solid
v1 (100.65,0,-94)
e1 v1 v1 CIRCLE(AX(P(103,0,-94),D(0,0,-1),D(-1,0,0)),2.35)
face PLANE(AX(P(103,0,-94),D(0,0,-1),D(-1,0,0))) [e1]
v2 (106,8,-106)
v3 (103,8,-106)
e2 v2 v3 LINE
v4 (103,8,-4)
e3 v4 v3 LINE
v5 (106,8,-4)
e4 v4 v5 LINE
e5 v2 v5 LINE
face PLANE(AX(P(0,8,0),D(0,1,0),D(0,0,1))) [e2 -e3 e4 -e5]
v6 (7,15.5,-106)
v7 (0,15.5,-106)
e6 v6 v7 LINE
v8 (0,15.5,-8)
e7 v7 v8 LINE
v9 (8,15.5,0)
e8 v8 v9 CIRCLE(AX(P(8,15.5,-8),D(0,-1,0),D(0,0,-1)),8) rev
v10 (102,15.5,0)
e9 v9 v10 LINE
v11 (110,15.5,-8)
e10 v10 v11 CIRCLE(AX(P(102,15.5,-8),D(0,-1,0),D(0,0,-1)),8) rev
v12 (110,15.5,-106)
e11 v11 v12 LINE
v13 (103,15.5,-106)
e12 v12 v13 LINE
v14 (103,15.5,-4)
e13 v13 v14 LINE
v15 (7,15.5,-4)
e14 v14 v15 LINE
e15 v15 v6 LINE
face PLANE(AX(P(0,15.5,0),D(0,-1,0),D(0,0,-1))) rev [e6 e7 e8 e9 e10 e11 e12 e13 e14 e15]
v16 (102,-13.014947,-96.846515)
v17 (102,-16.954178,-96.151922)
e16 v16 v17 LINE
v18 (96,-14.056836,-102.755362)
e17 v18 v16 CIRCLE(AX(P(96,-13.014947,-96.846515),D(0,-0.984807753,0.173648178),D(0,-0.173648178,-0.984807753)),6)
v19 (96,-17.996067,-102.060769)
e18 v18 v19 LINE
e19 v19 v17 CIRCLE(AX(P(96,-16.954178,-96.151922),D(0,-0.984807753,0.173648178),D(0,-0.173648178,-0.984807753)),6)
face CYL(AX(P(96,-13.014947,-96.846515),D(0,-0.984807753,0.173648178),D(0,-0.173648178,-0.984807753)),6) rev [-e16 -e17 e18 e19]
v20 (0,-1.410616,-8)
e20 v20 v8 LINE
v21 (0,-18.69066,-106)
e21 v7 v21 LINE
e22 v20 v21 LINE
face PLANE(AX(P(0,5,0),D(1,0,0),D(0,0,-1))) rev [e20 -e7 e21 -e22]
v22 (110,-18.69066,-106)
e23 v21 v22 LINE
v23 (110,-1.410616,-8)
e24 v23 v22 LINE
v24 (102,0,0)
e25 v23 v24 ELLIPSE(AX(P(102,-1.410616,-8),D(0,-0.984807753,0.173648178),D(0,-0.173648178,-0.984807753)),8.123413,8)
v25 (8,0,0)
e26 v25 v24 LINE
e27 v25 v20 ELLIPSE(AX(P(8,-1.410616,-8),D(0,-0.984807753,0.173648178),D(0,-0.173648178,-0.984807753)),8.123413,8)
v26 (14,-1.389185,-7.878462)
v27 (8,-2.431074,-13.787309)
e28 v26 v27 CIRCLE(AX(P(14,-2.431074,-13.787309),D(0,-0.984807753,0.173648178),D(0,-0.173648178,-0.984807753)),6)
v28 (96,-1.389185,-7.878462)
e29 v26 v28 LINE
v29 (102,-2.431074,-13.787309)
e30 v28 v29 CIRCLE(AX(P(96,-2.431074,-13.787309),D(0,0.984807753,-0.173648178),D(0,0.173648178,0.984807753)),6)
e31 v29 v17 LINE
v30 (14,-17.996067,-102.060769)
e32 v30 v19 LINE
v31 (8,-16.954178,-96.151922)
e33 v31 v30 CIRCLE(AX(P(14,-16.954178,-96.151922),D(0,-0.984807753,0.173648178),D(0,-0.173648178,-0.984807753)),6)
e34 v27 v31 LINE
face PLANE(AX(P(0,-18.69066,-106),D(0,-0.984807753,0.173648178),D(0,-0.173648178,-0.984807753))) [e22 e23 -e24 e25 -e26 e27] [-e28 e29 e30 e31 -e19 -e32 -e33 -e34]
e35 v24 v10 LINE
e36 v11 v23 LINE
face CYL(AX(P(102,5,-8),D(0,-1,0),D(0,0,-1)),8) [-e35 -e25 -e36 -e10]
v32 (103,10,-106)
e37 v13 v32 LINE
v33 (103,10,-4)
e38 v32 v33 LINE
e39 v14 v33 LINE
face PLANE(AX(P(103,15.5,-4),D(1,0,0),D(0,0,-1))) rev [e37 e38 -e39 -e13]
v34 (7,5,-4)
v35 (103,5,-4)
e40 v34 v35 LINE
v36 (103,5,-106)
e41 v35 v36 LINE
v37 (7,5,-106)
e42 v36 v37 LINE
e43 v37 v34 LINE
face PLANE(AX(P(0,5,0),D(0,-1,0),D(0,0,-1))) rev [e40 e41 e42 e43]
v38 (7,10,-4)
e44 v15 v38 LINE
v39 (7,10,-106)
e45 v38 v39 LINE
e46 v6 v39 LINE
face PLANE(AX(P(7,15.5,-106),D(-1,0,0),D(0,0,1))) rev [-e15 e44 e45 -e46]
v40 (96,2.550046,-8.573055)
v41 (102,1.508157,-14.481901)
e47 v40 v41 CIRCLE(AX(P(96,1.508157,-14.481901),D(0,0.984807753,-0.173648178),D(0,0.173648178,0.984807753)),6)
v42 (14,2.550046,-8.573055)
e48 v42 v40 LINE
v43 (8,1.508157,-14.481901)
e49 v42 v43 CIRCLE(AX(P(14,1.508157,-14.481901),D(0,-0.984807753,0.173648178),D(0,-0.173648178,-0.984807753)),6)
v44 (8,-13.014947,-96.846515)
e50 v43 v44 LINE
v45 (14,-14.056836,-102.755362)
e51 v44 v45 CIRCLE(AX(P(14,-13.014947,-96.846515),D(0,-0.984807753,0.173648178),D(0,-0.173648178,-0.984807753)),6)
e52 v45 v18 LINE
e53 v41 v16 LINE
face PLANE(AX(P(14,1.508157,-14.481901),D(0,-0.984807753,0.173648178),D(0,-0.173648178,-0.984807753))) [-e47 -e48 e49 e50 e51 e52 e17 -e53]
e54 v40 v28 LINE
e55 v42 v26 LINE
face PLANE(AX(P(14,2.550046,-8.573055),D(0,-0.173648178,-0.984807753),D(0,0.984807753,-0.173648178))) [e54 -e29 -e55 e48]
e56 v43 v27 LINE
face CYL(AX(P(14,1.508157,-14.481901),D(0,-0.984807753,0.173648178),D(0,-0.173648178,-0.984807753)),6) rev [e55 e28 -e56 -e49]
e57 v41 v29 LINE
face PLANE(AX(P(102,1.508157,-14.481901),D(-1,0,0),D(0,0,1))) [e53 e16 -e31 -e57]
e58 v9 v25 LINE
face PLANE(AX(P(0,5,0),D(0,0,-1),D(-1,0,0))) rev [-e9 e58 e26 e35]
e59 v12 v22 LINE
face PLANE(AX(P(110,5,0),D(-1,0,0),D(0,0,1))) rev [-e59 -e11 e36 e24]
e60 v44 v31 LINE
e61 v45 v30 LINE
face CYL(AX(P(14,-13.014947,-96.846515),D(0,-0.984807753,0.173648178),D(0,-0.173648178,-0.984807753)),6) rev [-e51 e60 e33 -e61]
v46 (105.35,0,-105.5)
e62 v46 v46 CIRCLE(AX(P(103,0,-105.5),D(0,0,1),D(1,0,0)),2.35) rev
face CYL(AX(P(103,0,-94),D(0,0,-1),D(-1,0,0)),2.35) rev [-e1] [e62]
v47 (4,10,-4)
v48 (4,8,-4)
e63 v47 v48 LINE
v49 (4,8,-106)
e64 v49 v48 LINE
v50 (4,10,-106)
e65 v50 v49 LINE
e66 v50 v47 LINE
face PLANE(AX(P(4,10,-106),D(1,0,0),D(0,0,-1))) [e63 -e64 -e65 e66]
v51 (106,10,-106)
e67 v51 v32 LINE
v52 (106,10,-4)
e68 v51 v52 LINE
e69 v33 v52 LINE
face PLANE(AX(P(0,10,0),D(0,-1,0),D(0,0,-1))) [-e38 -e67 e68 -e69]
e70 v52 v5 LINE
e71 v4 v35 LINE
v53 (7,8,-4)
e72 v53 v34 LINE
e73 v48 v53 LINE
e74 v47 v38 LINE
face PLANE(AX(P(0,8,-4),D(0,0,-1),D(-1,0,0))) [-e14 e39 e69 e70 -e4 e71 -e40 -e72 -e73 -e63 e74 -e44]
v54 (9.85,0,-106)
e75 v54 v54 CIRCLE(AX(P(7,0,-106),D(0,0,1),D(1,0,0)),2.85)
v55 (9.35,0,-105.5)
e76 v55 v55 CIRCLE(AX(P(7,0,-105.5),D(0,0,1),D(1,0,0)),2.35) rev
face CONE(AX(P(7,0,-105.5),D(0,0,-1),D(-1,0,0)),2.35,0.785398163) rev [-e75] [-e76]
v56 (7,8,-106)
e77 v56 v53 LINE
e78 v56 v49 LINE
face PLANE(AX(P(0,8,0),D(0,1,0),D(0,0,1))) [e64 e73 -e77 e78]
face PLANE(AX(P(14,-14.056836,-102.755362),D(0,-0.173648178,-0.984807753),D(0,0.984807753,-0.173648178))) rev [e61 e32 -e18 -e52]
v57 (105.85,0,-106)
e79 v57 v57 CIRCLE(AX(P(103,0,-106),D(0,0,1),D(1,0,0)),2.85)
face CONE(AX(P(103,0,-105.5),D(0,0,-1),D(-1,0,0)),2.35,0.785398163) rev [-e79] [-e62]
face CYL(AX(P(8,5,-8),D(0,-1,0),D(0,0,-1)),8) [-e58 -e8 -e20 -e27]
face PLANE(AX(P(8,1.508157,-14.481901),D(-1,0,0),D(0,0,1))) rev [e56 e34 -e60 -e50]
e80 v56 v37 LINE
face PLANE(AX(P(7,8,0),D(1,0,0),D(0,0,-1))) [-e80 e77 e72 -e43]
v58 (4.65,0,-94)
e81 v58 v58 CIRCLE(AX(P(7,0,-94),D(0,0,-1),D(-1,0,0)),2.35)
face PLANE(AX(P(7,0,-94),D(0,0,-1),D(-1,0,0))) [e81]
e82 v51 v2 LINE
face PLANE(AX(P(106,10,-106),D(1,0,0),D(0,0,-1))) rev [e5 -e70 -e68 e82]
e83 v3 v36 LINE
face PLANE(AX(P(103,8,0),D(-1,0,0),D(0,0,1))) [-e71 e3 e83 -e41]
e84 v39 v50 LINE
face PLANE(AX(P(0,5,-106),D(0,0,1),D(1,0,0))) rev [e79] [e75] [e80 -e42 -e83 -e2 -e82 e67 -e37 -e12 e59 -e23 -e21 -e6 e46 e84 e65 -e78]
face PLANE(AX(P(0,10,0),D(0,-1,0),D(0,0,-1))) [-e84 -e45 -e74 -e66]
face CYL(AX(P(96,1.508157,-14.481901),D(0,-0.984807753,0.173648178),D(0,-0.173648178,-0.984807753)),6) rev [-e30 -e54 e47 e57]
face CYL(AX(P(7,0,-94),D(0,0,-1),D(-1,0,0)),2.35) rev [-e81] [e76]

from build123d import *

# Parameters (mm, degrees)
ESQUISSE2_W             = 110
ESQUISSE2_H             = 106
BOSS_EXTRU_3_DEPTH      = 5
BOSS_EXTRU_4_DEPTH      = 3
BOSS_EXTRU_5_DEPTH      = 2
BOSS_EXTRU_6_DEPTH      = 5.5
BOSS_EXTRU_7_DEPTH      = 110
ESQUISSE7_R             = 2.35
ENL_V_MAT_EXTRU_1_DEPTH = 12
CONG_3_R                = 8
ENL_V_MAT_EXTRU_2_DEPTH = 4
CHANFREIN1_SIZE         = 0.5


with BuildPart() as part:
    # Esquisse2 → Boss.-Extru.3 (new body)
    with BuildSketch(Plane(origin=(0, 0, 0), x_dir=(1, 0, 0), z_dir=(0, 1, 0))):
        with Locations((55, 53)):
            Rectangle(ESQUISSE2_W, ESQUISSE2_H)
    extrude(amount=BOSS_EXTRU_3_DEPTH)

    # Esquisse3 → Boss.-Extru.4 (add)
    with BuildSketch(Plane(origin=(0, 5, 0), x_dir=(1, 0, 0), z_dir=(0, 1, 0))):
        Polygon((7, 4), (7, 106), (0, 106), (0, 0), (110, 0), (110, 106), (103, 106), (103, 4), align=None)
    extrude(amount=BOSS_EXTRU_4_DEPTH)

    # Esquisse4 → Boss.-Extru.5 (add)
    with BuildSketch(Plane(origin=(0, 8, 0), x_dir=(1, 0, 0), z_dir=(0, 1, 0))):
        Polygon((4, 106), (4, 4), (106, 4), (106, 106), (110, 106), (110, 0), (0, 0), (0, 106), align=None)
    extrude(amount=BOSS_EXTRU_5_DEPTH)

    # Esquisse6 → Boss.-Extru.6 (add)
    with BuildSketch(Plane(origin=(0, 10, 0), x_dir=(1, 0, 0), z_dir=(0, 1, 0))):
        Polygon((0, 106), (7, 106), (7, 4), (103, 4), (103, 106), (110, 106), (110, 4), (110, 0), (0, 0), (0, 4), align=None)
    extrude(amount=BOSS_EXTRU_6_DEPTH)

    # Esquisse8 → Boss.-Extru.7 (add)
    with BuildSketch(Plane(origin=(110, 0, 0), x_dir=(0, 0, -1), z_dir=(1, 0, 0))):
        Polygon((0, 0), (106, 0), (106, -18.690659955), align=None)
    extrude(amount=-BOSS_EXTRU_7_DEPTH)

    # Esquisse7 → Enlèv. mat.-Extru.1 (cut)
    with BuildSketch(Plane(origin=(0, 0, -106), x_dir=(-1, 0, 0), z_dir=(0, 0, -1))):
        with Locations((-103, 0)):
            Circle(ESQUISSE7_R)
        with Locations((-7, 0)):
            Circle(ESQUISSE7_R)
    extrude(amount=-ENL_V_MAT_EXTRU_1_DEPTH, mode=Mode.SUBTRACT)

    # Congé3
    cong_3_edges = [part.edges().sort_by_distance(p)[0] for p in [
        (110, 7.75, 0),
        (0, 7.75, 0),
    ]]
    fillet(cong_3_edges, radius=CONG_3_R)

    # Esquisse9 → Enlèv. mat.-Extru.2 (cut)
    with BuildSketch(Plane(origin=(0, 0, 0), x_dir=(1, 0, 0), z_dir=(0, -0.9848077530122092, 0.17364817766692348))):
        with BuildLine():
            Line((14, -8), (96, -8))
            ThreePointArc((96, -8), (100.242640687, -9.757359313), (102, -14))
            Line((102, -14), (102, -97.63522086))
            ThreePointArc((102, -97.63522086), (100.242640687, -101.877861547), (96, -103.63522086))
            Line((96, -103.63522086), (14, -103.63522086))
            ThreePointArc((14, -103.63522086), (9.757359313, -101.877861547), (8, -97.63522086))
            Line((8, -97.63522086), (8, -14))
            ThreePointArc((8, -14), (9.757359313, -9.757359313), (14, -8))
        make_face()
    extrude(amount=-ENL_V_MAT_EXTRU_2_DEPTH, mode=Mode.SUBTRACT)

    # Chanfrein1
    chanfrein1_edges = [part.edges().sort_by_distance(p)[0] for p in [
        (105.35, 0, -106),
        (9.35, 0, -106),
    ]]
    chamfer(chanfrein1_edges, length=CHANFREIN1_SIZE)


solid = part.part
